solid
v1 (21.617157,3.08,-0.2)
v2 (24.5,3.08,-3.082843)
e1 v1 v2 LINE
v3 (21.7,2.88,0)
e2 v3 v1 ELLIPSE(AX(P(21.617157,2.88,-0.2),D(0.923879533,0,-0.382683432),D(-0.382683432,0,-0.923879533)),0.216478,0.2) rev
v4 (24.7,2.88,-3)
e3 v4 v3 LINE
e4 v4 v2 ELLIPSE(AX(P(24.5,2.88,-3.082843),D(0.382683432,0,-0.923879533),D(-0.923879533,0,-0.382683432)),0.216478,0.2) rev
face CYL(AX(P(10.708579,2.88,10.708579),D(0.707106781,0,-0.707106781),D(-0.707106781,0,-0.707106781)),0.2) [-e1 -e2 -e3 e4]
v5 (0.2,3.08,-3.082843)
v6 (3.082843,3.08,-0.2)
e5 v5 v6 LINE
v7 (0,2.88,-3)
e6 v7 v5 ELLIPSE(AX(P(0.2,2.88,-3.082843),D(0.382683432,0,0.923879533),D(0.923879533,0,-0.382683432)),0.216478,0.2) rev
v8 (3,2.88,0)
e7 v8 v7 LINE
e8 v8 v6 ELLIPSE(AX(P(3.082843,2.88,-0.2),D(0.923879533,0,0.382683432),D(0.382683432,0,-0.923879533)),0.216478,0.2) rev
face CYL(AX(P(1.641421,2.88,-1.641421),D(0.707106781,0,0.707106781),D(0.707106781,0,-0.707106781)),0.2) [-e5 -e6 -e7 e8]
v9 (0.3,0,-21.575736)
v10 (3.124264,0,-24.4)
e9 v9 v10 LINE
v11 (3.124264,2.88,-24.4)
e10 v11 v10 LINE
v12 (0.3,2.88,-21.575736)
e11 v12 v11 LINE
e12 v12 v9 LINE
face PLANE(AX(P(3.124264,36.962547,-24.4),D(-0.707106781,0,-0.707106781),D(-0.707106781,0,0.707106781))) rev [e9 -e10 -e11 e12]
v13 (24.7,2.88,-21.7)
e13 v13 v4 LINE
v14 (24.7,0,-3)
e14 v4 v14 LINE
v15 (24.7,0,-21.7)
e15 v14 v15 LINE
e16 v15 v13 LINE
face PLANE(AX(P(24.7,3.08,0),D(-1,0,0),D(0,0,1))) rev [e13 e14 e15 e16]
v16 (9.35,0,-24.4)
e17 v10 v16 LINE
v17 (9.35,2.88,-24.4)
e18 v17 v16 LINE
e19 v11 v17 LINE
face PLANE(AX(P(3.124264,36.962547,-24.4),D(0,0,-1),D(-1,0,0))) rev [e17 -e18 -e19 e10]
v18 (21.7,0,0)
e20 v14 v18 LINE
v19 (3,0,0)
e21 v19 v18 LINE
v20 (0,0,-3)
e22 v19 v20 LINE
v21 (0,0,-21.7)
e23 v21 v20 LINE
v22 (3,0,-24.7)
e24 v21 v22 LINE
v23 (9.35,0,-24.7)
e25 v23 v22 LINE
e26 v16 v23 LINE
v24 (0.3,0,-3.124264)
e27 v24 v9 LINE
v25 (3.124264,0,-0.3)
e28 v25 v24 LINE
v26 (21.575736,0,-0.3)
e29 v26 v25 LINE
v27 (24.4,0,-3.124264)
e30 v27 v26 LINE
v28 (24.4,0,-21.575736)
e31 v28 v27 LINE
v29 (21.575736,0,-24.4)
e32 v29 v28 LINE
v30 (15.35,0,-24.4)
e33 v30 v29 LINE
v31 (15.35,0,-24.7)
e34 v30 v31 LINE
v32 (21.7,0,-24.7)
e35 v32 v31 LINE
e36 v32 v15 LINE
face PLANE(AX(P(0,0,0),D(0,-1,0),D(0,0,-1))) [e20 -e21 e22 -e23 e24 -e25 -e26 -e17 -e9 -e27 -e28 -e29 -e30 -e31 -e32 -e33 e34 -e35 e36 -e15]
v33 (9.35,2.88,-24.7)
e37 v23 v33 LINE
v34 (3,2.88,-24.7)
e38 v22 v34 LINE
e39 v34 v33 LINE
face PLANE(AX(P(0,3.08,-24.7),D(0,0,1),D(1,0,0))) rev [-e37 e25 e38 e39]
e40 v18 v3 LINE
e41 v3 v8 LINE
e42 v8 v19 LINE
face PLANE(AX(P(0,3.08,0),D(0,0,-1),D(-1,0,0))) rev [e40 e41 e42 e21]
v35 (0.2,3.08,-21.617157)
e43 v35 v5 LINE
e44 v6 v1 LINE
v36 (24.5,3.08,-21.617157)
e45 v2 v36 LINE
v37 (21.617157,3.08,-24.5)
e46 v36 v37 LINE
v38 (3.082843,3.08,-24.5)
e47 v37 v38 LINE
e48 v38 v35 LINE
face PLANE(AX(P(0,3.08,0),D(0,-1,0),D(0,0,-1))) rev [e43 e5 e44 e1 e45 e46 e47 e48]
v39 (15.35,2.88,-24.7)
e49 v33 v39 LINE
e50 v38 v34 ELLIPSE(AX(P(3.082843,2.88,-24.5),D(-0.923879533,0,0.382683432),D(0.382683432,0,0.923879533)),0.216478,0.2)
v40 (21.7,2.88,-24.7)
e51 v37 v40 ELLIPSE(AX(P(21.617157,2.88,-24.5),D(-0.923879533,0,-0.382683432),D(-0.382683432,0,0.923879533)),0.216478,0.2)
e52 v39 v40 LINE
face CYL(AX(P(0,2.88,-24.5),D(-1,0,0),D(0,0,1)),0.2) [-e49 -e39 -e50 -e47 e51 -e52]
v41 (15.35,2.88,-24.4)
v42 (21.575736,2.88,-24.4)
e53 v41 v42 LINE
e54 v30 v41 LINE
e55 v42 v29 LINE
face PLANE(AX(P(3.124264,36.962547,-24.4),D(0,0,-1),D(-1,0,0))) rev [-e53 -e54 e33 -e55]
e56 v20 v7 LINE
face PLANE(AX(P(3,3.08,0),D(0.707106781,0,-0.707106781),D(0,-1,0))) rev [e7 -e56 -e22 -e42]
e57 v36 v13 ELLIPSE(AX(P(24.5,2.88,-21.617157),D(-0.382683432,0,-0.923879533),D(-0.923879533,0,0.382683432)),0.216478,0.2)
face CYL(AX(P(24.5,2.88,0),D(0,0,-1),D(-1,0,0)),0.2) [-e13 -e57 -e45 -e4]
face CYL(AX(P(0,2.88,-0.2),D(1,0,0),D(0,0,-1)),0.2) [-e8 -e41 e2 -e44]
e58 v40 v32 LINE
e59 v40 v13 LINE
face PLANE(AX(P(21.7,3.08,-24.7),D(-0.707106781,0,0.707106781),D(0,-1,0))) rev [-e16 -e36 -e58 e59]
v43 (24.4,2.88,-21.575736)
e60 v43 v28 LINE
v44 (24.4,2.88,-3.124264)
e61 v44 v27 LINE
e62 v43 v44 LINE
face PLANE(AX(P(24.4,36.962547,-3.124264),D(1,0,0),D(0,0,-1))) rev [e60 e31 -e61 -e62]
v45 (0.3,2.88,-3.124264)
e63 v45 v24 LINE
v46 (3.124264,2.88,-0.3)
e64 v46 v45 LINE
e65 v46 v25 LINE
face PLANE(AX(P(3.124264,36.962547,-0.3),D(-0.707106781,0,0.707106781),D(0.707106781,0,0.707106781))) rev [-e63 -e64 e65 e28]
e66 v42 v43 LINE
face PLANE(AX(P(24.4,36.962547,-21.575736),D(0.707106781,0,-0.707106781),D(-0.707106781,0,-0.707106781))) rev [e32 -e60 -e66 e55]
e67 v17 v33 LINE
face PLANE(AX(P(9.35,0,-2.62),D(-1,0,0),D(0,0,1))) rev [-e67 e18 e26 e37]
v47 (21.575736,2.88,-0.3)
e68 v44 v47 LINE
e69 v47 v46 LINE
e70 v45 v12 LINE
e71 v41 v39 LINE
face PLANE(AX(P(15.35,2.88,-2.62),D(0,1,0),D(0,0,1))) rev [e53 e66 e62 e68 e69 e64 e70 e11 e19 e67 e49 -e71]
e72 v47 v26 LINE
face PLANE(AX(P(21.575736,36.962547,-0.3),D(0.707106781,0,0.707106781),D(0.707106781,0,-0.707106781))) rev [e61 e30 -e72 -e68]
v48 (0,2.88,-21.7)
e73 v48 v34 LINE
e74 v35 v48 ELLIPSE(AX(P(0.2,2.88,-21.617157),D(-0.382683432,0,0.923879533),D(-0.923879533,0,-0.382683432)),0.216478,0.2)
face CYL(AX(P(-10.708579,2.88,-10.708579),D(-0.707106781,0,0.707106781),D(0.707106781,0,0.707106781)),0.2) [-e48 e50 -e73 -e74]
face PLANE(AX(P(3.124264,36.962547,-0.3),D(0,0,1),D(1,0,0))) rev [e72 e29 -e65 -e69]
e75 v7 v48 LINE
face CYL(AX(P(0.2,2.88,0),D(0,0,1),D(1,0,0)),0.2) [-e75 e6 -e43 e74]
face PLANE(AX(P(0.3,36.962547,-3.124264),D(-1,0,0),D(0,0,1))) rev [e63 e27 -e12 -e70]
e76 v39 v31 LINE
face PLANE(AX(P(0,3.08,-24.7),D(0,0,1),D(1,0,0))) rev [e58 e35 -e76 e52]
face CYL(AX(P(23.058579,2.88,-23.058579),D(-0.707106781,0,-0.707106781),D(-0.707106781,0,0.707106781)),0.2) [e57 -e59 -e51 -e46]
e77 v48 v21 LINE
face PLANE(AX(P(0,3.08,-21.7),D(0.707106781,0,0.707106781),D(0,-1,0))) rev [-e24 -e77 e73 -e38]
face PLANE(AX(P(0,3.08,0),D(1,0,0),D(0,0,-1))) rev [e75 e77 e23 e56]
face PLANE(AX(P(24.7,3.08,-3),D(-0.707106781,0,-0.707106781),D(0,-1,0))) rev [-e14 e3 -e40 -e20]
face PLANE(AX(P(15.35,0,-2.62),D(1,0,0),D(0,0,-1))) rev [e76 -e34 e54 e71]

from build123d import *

# Parameters (mm, degrees)
ESQUISSE1_W             = 24.7
ESQUISSE1_H             = 24.7
BOSS_EXTRU_1_DEPTH      = 3.08
CHANFREIN1_SIZE         = 3
CONG_1_R                = 0.2
ESQUISSE2_W             = 6
ESQUISSE2_H             = 2.88
ENL_V_MAT_EXTRU_1_DEPTH = 22.08
ENL_V_MAT_EXTRU_2_DEPTH = 2.88


with BuildPart() as part:
    # Esquisse1 → Boss.-Extru.1 (new body)
    with BuildSketch(Plane(origin=(0, 0, 0), x_dir=(1, 0, 0), z_dir=(0, 1, 0))):
        with Locations((12.35, 12.35)):
            Rectangle(ESQUISSE1_W, ESQUISSE1_H)
    extrude(amount=BOSS_EXTRU_1_DEPTH)

    # Chanfrein1
    chanfrein1_edges = [part.edges().sort_by_distance(p)[0] for p in [
        (0, 1.54, -24.7),
        (24.7, 1.54, -24.7),
        (24.7, 1.54, 0),
        (0, 1.54, 0),
    ]]
    chamfer(chanfrein1_edges, length=CHANFREIN1_SIZE)

    # Congé1
    cong_1_edges = [part.edges().sort_by_distance(p)[0] for p in [
        (0, 3.08, -12.35),
        (12.35, 3.08, -24.7),
        (12.35, 3.08, 0),
        (24.7, 3.08, -12.35),
        (1.5, 3.08, -1.5),
        (23.2, 3.08, -1.5),
        (23.2, 3.08, -23.2),
        (1.5, 3.08, -23.2),
    ]]
    fillet(cong_1_edges, radius=CONG_1_R)

    # Esquisse2 → Enlèv. mat.-Extru.1 (cut)
    with BuildSketch(Plane(origin=(0, 0, -24.7), x_dir=(-1, 0, 0), z_dir=(0, 0, -1))):
        with Locations((-12.35, 1.44)):
            Rectangle(ESQUISSE2_W, ESQUISSE2_H)
    extrude(amount=-ENL_V_MAT_EXTRU_1_DEPTH, mode=Mode.SUBTRACT)

    # Esquisse3 → Enlèv. mat.-Extru.2 (cut)
    with BuildSketch(Plane.XZ):
        Polygon((3.124264069, -24.4), (21.575735931, -24.4), (24.4, -21.575735931), (24.4, -3.124264069), (21.575735931, -0.3), (3.124264069, -0.3), (0.3, -3.124264069), (0.3, -21.575735931), align=None)
    extrude(amount=-ENL_V_MAT_EXTRU_2_DEPTH, mode=Mode.SUBTRACT)


solid = part.part
